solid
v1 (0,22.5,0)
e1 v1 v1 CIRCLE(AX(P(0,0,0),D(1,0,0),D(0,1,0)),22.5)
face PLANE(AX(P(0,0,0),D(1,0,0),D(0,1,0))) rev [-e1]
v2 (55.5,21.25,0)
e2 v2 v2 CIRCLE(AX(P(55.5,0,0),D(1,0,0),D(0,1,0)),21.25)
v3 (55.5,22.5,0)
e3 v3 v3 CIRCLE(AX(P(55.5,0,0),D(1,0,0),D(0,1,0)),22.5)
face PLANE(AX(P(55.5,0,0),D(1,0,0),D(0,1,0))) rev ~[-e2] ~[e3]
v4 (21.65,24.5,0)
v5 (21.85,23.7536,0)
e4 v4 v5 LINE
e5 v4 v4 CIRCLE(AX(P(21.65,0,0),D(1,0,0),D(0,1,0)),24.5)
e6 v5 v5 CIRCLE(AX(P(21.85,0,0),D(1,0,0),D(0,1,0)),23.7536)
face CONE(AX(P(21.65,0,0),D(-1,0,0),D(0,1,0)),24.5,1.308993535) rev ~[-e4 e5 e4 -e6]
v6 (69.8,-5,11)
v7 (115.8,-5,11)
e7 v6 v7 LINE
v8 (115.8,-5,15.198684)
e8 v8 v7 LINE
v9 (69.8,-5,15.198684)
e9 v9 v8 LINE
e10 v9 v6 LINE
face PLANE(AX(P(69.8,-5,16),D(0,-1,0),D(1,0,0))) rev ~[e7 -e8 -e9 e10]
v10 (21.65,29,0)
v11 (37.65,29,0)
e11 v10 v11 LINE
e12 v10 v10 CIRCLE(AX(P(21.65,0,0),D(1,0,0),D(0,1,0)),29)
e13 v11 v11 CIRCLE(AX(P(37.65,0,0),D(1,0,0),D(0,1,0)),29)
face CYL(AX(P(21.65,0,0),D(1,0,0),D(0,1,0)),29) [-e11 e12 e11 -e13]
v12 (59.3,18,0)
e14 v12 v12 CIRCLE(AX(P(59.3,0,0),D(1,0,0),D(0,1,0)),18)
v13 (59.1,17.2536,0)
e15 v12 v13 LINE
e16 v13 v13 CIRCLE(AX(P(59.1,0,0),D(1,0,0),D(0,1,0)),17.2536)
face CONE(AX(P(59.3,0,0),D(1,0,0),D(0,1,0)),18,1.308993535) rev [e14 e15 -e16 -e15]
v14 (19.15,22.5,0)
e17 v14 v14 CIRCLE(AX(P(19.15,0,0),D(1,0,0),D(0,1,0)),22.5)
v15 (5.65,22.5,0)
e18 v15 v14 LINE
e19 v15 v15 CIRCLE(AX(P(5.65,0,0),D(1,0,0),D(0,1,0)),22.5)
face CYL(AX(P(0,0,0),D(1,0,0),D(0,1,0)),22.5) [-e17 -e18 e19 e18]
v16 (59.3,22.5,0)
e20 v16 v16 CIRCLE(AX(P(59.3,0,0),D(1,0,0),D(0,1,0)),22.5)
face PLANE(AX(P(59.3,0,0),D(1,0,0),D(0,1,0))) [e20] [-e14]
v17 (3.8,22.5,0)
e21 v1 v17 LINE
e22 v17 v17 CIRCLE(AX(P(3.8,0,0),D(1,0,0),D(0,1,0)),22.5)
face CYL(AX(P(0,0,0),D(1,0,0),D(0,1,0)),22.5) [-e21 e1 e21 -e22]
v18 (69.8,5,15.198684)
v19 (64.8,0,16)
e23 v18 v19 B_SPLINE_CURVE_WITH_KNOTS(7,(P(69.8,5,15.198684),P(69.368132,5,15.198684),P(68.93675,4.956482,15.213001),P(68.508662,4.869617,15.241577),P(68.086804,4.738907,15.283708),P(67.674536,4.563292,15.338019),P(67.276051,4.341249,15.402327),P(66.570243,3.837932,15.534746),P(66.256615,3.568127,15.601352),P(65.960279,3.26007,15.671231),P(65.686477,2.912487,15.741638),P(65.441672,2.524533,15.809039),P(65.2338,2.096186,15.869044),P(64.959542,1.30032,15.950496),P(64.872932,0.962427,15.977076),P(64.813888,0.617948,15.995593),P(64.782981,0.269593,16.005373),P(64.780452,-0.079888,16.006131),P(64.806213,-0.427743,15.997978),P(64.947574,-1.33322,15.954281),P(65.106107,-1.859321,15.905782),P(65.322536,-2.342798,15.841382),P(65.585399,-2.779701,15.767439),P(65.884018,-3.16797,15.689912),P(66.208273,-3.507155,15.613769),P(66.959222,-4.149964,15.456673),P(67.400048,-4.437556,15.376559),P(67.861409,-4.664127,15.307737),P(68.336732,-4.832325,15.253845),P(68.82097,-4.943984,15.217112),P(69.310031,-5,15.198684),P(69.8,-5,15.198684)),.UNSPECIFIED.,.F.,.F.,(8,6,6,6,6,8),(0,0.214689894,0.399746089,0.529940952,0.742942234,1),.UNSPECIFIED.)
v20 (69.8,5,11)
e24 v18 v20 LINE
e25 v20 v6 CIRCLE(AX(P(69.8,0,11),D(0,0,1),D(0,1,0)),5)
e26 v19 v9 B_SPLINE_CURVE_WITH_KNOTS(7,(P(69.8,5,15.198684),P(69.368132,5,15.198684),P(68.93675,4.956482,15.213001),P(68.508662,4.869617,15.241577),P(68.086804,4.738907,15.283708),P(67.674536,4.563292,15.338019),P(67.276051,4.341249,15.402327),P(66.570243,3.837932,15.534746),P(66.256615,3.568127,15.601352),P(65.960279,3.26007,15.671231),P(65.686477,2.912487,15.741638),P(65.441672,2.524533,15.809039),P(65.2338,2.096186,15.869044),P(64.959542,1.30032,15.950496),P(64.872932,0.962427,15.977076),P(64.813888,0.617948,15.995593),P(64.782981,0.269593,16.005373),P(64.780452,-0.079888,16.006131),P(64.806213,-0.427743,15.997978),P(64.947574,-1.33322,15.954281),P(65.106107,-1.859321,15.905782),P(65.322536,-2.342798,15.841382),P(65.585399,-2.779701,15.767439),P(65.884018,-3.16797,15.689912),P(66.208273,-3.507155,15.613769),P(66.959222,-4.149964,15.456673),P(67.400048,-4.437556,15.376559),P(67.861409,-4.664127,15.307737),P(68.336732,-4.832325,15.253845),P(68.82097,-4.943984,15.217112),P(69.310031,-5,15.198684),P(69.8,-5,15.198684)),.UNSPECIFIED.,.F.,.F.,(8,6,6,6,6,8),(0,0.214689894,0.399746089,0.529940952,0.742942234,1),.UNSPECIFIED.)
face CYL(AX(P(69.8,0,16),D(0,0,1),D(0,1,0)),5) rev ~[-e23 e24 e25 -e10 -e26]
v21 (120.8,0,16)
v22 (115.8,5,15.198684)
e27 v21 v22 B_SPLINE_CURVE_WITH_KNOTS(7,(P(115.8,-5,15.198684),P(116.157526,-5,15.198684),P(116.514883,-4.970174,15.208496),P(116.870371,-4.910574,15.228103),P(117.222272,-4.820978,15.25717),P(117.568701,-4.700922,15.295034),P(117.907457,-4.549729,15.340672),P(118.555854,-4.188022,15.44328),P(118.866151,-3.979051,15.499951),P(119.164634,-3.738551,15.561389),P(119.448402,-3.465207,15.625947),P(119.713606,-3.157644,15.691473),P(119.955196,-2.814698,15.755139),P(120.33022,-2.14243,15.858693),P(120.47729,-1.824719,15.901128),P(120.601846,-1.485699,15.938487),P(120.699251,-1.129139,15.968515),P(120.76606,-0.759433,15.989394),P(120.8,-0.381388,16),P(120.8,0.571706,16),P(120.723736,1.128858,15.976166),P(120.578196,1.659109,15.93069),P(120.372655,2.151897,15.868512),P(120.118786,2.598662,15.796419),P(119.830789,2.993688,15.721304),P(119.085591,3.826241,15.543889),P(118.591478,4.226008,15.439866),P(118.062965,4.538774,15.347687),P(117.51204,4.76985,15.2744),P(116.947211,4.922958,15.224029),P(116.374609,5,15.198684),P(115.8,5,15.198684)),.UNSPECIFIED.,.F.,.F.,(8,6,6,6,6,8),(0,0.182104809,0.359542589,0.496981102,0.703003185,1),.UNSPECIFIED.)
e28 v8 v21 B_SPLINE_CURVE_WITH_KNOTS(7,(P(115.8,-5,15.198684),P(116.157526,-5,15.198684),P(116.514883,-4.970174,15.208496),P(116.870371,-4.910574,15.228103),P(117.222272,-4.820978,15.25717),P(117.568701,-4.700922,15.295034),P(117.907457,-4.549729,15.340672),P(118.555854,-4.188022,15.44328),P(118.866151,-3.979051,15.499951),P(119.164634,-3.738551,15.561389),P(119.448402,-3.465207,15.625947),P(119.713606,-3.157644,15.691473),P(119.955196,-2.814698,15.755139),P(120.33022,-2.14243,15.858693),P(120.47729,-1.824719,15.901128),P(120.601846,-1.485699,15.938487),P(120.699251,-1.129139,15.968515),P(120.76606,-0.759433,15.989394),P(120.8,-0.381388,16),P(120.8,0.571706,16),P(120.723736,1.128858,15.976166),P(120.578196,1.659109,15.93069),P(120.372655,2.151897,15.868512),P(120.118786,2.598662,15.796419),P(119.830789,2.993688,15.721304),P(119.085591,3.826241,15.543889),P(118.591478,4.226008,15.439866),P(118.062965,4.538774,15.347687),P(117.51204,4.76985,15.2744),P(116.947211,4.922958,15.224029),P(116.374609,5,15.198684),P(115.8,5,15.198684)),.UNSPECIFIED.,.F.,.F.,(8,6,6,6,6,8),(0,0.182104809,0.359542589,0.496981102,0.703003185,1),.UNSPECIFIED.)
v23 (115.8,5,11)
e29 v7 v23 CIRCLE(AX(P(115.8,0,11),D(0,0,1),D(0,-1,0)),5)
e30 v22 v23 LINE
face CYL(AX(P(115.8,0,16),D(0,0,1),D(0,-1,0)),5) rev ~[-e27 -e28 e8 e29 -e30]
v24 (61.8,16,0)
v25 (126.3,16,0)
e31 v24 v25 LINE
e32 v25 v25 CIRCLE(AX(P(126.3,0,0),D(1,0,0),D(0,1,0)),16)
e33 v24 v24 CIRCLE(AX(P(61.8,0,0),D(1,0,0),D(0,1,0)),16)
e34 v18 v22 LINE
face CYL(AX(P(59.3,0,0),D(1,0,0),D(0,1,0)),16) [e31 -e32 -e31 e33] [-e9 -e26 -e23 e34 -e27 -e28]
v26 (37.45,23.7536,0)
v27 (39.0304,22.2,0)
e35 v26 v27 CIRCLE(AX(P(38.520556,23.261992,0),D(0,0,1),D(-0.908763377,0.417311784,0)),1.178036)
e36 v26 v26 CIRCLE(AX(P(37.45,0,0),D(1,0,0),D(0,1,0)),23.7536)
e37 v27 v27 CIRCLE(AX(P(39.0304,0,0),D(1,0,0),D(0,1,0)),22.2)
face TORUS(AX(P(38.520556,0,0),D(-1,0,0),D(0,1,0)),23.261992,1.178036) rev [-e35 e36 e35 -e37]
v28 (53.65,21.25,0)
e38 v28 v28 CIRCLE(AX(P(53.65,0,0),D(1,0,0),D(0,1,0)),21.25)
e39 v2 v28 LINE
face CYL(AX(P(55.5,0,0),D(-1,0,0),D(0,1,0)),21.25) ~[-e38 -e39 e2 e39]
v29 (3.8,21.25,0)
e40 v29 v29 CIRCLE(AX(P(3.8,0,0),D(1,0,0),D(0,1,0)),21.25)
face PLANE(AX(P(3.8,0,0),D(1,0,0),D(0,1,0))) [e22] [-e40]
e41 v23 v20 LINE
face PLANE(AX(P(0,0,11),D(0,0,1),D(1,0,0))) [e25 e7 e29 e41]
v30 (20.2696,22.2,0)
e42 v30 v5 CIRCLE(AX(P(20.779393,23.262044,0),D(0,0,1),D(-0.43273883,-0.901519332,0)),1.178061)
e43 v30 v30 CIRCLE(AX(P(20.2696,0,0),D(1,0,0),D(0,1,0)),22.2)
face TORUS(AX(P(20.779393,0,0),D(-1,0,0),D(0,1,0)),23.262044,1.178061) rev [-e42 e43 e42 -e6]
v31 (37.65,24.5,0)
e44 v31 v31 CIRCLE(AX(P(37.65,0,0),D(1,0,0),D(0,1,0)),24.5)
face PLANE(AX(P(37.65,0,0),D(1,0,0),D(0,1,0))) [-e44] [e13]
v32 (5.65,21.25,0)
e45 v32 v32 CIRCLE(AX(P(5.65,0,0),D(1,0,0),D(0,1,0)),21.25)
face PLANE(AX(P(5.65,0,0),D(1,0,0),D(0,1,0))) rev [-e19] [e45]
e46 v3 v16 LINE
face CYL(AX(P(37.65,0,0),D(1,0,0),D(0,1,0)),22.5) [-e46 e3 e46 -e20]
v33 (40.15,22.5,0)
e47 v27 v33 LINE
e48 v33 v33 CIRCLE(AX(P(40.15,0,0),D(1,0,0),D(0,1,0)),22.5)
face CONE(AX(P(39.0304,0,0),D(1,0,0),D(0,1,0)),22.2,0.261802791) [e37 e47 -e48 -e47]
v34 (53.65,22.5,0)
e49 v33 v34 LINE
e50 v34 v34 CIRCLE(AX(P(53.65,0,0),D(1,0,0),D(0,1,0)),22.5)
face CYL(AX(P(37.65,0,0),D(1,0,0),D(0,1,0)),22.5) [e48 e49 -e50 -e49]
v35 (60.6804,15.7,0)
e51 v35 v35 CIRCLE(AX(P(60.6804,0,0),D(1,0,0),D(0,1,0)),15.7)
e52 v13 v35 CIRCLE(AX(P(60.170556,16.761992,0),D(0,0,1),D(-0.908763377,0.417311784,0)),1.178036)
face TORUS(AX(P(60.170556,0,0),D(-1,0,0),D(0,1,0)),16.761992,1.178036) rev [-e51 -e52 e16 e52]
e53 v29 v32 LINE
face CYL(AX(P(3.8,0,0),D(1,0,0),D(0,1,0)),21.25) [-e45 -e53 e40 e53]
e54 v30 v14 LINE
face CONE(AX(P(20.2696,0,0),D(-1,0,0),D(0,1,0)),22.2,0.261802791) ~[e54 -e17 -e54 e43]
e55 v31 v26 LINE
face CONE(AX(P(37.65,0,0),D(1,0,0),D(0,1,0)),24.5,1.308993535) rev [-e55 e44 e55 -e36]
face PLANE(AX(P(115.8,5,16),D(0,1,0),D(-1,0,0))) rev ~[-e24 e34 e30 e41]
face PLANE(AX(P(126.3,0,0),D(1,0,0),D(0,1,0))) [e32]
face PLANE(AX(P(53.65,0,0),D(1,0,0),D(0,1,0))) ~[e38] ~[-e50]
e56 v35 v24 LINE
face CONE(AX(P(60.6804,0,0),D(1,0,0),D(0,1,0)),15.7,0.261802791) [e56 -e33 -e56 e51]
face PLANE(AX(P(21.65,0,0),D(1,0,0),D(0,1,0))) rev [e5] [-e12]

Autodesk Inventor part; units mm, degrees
ref_plane "YZ Plane" through (0, 0, 0) normal (1, 0, 0) x (0, 1, 0)
ref_plane "XZ Plane" through (0, 0, 0) normal (0, 1, 0) x (-1, 0, 0)
sketch "Skizze8" plane through (0, 0, 0) normal (0, 0, 1) x (1, 0, 0)
  line L0 (0, 0) -> (0, 22.5)
  line L1 (0, 22.5) -> (21.65, 22.5)
  line L2 (21.65, 22.5) -> (21.65, 29)
  line L3 (21.65, 29) -> (37.65, 29)
  line L4 (37.65, 29) -> (37.65, 22.5)
  line L5 (37.65, 22.5) -> (59.3, 22.5)
  line L6 (59.3, 22.5) -> (59.3, 16)
  line L7 (59.3, 16) -> (126.3, 16)
  line L8 (126.3, 16) -> (126.3, 0)
  line L9 (126.3, 0) -> (0, 0)
  line L10 (-25.26, 0) -> (151.56, 0) projected
revolve "Umdrehung7" add sketch "Skizze8" angle 360 about axis through (-10, 0, 0) along (1, 0, 0)
sketch "Skizze9" plane through (0, 0, 0) normal (0, 0, 1) x (1, 0, 0)
  line L0 (3.8, 21.25) -> (5.65, 21.25)
  line L1 (5.65, 21.25) -> (5.65, 22.5)
  line L2 (5.65, 22.5) -> (3.8, 22.5)
  line L3 (3.8, 22.5) -> (3.8, 21.25)
  line L4 (-25.26, 0) -> (151.56, 0) projected
revolve "Umdrehung8" cut sketch "Skizze9" angle 360 about axis through (-10, 0, 0) along (1, 0, 0)
sketch "Skizze10" plane through (0, 0, 0) normal (0, 0, 1) x (1, 0, 0)
  line L0 (21.65, 24.5) -> (21.85, 23.7536)
  line L1 (20.2696, 22.2) -> (19.15, 22.5)
  line L2 (19.15, 22.5) -> (19.15, 24.5)
  line L3 (19.15, 24.5) -> (21.65, 24.5)
  arc A0 (20.2696, 22.2) -> (21.85, 23.7536) centre (20.7794, 23.262) ccw
  line L4 (-25.26, 0) -> (151.56, 0) projected
revolve "Umdrehung9" cut sketch "Skizze10" angle 360 about axis through (-10, 0, 0) along (1, 0, 0)
sketch "Skizze11" plane through (0, 0, 0) normal (0, 0, 1) x (1, 0, 0)
  line L0 (55.5, 21.25) -> (53.65, 21.25)
  line L1 (53.65, 21.25) -> (53.65, 22.5)
  line L2 (53.65, 22.5) -> (55.5, 22.5)
  line L3 (55.5, 22.5) -> (55.5, 21.25)
  line L4 (-25.26, 0) -> (151.56, 0) projected
revolve "Umdrehung10" cut sketch "Skizze11" angle 360 about axis through (-10, 0, 0) along (1, 0, 0)
sketch "Skizze12" plane through (0, 0, 0) normal (0, 0, 1) x (1, 0, 0)
  line L0 (37.65, 24.5) -> (37.45, 23.7536)
  line L1 (39.0304, 22.2) -> (40.15, 22.5)
  line L2 (40.15, 22.5) -> (40.15, 24.5)
  line L3 (40.15, 24.5) -> (37.65, 24.5)
  arc A0 (37.45, 23.7536) -> (39.0304, 22.2) centre (38.5206, 23.262) ccw
  line L4 (-25.26, 0) -> (151.56, 0) projected
revolve "Umdrehung11" cut sketch "Skizze12" angle 360 about axis through (-10, 0, 0) along (1, 0, 0)
ref_plane "Arbeitsebene2" through (0, 0, 16) normal (0, 0, 1) x (1, 0, 0)
sketch "Skizze13" plane through (0, 0, 16) normal (0, 0, 1) x (1, 0, 0)
  line L0 (64.8, 0) -> (120.8, 0) construction
  line L1 (69.8, -5) -> (115.8, -5)
  line L2 (115.8, 5) -> (69.8, 5)
  arc A0 (69.8, 5) -> (69.8, -5) centre (69.8, 0) ccw
  arc A1 (115.8, -5) -> (115.8, 5) centre (115.8, 0) ccw
  point P0 (92.8, 0)
extrude "Extrusion2" cut sketch "Skizze13" against normal blind 5
sketch "Skizze14" plane through (0, 0, 0) normal (0, 0, 1) x (1, 0, 0)
  line L0 (59.3, 18) -> (59.1, 17.2536)
  line L1 (60.6804, 15.7) -> (61.8, 16)
  line L2 (61.8, 16) -> (61.8, 18)
  line L3 (61.8, 18) -> (59.3, 18)
  arc A0 (59.1, 17.2536) -> (60.6804, 15.7) centre (60.1706, 16.762) ccw
  line L4 (-25.26, 0) -> (151.56, 0) projected
revolve "Umdrehung12" cut sketch "Skizze14" angle 360 about axis through (-10, 0, 0) along (1, 0, 0)
properties part number "1"
